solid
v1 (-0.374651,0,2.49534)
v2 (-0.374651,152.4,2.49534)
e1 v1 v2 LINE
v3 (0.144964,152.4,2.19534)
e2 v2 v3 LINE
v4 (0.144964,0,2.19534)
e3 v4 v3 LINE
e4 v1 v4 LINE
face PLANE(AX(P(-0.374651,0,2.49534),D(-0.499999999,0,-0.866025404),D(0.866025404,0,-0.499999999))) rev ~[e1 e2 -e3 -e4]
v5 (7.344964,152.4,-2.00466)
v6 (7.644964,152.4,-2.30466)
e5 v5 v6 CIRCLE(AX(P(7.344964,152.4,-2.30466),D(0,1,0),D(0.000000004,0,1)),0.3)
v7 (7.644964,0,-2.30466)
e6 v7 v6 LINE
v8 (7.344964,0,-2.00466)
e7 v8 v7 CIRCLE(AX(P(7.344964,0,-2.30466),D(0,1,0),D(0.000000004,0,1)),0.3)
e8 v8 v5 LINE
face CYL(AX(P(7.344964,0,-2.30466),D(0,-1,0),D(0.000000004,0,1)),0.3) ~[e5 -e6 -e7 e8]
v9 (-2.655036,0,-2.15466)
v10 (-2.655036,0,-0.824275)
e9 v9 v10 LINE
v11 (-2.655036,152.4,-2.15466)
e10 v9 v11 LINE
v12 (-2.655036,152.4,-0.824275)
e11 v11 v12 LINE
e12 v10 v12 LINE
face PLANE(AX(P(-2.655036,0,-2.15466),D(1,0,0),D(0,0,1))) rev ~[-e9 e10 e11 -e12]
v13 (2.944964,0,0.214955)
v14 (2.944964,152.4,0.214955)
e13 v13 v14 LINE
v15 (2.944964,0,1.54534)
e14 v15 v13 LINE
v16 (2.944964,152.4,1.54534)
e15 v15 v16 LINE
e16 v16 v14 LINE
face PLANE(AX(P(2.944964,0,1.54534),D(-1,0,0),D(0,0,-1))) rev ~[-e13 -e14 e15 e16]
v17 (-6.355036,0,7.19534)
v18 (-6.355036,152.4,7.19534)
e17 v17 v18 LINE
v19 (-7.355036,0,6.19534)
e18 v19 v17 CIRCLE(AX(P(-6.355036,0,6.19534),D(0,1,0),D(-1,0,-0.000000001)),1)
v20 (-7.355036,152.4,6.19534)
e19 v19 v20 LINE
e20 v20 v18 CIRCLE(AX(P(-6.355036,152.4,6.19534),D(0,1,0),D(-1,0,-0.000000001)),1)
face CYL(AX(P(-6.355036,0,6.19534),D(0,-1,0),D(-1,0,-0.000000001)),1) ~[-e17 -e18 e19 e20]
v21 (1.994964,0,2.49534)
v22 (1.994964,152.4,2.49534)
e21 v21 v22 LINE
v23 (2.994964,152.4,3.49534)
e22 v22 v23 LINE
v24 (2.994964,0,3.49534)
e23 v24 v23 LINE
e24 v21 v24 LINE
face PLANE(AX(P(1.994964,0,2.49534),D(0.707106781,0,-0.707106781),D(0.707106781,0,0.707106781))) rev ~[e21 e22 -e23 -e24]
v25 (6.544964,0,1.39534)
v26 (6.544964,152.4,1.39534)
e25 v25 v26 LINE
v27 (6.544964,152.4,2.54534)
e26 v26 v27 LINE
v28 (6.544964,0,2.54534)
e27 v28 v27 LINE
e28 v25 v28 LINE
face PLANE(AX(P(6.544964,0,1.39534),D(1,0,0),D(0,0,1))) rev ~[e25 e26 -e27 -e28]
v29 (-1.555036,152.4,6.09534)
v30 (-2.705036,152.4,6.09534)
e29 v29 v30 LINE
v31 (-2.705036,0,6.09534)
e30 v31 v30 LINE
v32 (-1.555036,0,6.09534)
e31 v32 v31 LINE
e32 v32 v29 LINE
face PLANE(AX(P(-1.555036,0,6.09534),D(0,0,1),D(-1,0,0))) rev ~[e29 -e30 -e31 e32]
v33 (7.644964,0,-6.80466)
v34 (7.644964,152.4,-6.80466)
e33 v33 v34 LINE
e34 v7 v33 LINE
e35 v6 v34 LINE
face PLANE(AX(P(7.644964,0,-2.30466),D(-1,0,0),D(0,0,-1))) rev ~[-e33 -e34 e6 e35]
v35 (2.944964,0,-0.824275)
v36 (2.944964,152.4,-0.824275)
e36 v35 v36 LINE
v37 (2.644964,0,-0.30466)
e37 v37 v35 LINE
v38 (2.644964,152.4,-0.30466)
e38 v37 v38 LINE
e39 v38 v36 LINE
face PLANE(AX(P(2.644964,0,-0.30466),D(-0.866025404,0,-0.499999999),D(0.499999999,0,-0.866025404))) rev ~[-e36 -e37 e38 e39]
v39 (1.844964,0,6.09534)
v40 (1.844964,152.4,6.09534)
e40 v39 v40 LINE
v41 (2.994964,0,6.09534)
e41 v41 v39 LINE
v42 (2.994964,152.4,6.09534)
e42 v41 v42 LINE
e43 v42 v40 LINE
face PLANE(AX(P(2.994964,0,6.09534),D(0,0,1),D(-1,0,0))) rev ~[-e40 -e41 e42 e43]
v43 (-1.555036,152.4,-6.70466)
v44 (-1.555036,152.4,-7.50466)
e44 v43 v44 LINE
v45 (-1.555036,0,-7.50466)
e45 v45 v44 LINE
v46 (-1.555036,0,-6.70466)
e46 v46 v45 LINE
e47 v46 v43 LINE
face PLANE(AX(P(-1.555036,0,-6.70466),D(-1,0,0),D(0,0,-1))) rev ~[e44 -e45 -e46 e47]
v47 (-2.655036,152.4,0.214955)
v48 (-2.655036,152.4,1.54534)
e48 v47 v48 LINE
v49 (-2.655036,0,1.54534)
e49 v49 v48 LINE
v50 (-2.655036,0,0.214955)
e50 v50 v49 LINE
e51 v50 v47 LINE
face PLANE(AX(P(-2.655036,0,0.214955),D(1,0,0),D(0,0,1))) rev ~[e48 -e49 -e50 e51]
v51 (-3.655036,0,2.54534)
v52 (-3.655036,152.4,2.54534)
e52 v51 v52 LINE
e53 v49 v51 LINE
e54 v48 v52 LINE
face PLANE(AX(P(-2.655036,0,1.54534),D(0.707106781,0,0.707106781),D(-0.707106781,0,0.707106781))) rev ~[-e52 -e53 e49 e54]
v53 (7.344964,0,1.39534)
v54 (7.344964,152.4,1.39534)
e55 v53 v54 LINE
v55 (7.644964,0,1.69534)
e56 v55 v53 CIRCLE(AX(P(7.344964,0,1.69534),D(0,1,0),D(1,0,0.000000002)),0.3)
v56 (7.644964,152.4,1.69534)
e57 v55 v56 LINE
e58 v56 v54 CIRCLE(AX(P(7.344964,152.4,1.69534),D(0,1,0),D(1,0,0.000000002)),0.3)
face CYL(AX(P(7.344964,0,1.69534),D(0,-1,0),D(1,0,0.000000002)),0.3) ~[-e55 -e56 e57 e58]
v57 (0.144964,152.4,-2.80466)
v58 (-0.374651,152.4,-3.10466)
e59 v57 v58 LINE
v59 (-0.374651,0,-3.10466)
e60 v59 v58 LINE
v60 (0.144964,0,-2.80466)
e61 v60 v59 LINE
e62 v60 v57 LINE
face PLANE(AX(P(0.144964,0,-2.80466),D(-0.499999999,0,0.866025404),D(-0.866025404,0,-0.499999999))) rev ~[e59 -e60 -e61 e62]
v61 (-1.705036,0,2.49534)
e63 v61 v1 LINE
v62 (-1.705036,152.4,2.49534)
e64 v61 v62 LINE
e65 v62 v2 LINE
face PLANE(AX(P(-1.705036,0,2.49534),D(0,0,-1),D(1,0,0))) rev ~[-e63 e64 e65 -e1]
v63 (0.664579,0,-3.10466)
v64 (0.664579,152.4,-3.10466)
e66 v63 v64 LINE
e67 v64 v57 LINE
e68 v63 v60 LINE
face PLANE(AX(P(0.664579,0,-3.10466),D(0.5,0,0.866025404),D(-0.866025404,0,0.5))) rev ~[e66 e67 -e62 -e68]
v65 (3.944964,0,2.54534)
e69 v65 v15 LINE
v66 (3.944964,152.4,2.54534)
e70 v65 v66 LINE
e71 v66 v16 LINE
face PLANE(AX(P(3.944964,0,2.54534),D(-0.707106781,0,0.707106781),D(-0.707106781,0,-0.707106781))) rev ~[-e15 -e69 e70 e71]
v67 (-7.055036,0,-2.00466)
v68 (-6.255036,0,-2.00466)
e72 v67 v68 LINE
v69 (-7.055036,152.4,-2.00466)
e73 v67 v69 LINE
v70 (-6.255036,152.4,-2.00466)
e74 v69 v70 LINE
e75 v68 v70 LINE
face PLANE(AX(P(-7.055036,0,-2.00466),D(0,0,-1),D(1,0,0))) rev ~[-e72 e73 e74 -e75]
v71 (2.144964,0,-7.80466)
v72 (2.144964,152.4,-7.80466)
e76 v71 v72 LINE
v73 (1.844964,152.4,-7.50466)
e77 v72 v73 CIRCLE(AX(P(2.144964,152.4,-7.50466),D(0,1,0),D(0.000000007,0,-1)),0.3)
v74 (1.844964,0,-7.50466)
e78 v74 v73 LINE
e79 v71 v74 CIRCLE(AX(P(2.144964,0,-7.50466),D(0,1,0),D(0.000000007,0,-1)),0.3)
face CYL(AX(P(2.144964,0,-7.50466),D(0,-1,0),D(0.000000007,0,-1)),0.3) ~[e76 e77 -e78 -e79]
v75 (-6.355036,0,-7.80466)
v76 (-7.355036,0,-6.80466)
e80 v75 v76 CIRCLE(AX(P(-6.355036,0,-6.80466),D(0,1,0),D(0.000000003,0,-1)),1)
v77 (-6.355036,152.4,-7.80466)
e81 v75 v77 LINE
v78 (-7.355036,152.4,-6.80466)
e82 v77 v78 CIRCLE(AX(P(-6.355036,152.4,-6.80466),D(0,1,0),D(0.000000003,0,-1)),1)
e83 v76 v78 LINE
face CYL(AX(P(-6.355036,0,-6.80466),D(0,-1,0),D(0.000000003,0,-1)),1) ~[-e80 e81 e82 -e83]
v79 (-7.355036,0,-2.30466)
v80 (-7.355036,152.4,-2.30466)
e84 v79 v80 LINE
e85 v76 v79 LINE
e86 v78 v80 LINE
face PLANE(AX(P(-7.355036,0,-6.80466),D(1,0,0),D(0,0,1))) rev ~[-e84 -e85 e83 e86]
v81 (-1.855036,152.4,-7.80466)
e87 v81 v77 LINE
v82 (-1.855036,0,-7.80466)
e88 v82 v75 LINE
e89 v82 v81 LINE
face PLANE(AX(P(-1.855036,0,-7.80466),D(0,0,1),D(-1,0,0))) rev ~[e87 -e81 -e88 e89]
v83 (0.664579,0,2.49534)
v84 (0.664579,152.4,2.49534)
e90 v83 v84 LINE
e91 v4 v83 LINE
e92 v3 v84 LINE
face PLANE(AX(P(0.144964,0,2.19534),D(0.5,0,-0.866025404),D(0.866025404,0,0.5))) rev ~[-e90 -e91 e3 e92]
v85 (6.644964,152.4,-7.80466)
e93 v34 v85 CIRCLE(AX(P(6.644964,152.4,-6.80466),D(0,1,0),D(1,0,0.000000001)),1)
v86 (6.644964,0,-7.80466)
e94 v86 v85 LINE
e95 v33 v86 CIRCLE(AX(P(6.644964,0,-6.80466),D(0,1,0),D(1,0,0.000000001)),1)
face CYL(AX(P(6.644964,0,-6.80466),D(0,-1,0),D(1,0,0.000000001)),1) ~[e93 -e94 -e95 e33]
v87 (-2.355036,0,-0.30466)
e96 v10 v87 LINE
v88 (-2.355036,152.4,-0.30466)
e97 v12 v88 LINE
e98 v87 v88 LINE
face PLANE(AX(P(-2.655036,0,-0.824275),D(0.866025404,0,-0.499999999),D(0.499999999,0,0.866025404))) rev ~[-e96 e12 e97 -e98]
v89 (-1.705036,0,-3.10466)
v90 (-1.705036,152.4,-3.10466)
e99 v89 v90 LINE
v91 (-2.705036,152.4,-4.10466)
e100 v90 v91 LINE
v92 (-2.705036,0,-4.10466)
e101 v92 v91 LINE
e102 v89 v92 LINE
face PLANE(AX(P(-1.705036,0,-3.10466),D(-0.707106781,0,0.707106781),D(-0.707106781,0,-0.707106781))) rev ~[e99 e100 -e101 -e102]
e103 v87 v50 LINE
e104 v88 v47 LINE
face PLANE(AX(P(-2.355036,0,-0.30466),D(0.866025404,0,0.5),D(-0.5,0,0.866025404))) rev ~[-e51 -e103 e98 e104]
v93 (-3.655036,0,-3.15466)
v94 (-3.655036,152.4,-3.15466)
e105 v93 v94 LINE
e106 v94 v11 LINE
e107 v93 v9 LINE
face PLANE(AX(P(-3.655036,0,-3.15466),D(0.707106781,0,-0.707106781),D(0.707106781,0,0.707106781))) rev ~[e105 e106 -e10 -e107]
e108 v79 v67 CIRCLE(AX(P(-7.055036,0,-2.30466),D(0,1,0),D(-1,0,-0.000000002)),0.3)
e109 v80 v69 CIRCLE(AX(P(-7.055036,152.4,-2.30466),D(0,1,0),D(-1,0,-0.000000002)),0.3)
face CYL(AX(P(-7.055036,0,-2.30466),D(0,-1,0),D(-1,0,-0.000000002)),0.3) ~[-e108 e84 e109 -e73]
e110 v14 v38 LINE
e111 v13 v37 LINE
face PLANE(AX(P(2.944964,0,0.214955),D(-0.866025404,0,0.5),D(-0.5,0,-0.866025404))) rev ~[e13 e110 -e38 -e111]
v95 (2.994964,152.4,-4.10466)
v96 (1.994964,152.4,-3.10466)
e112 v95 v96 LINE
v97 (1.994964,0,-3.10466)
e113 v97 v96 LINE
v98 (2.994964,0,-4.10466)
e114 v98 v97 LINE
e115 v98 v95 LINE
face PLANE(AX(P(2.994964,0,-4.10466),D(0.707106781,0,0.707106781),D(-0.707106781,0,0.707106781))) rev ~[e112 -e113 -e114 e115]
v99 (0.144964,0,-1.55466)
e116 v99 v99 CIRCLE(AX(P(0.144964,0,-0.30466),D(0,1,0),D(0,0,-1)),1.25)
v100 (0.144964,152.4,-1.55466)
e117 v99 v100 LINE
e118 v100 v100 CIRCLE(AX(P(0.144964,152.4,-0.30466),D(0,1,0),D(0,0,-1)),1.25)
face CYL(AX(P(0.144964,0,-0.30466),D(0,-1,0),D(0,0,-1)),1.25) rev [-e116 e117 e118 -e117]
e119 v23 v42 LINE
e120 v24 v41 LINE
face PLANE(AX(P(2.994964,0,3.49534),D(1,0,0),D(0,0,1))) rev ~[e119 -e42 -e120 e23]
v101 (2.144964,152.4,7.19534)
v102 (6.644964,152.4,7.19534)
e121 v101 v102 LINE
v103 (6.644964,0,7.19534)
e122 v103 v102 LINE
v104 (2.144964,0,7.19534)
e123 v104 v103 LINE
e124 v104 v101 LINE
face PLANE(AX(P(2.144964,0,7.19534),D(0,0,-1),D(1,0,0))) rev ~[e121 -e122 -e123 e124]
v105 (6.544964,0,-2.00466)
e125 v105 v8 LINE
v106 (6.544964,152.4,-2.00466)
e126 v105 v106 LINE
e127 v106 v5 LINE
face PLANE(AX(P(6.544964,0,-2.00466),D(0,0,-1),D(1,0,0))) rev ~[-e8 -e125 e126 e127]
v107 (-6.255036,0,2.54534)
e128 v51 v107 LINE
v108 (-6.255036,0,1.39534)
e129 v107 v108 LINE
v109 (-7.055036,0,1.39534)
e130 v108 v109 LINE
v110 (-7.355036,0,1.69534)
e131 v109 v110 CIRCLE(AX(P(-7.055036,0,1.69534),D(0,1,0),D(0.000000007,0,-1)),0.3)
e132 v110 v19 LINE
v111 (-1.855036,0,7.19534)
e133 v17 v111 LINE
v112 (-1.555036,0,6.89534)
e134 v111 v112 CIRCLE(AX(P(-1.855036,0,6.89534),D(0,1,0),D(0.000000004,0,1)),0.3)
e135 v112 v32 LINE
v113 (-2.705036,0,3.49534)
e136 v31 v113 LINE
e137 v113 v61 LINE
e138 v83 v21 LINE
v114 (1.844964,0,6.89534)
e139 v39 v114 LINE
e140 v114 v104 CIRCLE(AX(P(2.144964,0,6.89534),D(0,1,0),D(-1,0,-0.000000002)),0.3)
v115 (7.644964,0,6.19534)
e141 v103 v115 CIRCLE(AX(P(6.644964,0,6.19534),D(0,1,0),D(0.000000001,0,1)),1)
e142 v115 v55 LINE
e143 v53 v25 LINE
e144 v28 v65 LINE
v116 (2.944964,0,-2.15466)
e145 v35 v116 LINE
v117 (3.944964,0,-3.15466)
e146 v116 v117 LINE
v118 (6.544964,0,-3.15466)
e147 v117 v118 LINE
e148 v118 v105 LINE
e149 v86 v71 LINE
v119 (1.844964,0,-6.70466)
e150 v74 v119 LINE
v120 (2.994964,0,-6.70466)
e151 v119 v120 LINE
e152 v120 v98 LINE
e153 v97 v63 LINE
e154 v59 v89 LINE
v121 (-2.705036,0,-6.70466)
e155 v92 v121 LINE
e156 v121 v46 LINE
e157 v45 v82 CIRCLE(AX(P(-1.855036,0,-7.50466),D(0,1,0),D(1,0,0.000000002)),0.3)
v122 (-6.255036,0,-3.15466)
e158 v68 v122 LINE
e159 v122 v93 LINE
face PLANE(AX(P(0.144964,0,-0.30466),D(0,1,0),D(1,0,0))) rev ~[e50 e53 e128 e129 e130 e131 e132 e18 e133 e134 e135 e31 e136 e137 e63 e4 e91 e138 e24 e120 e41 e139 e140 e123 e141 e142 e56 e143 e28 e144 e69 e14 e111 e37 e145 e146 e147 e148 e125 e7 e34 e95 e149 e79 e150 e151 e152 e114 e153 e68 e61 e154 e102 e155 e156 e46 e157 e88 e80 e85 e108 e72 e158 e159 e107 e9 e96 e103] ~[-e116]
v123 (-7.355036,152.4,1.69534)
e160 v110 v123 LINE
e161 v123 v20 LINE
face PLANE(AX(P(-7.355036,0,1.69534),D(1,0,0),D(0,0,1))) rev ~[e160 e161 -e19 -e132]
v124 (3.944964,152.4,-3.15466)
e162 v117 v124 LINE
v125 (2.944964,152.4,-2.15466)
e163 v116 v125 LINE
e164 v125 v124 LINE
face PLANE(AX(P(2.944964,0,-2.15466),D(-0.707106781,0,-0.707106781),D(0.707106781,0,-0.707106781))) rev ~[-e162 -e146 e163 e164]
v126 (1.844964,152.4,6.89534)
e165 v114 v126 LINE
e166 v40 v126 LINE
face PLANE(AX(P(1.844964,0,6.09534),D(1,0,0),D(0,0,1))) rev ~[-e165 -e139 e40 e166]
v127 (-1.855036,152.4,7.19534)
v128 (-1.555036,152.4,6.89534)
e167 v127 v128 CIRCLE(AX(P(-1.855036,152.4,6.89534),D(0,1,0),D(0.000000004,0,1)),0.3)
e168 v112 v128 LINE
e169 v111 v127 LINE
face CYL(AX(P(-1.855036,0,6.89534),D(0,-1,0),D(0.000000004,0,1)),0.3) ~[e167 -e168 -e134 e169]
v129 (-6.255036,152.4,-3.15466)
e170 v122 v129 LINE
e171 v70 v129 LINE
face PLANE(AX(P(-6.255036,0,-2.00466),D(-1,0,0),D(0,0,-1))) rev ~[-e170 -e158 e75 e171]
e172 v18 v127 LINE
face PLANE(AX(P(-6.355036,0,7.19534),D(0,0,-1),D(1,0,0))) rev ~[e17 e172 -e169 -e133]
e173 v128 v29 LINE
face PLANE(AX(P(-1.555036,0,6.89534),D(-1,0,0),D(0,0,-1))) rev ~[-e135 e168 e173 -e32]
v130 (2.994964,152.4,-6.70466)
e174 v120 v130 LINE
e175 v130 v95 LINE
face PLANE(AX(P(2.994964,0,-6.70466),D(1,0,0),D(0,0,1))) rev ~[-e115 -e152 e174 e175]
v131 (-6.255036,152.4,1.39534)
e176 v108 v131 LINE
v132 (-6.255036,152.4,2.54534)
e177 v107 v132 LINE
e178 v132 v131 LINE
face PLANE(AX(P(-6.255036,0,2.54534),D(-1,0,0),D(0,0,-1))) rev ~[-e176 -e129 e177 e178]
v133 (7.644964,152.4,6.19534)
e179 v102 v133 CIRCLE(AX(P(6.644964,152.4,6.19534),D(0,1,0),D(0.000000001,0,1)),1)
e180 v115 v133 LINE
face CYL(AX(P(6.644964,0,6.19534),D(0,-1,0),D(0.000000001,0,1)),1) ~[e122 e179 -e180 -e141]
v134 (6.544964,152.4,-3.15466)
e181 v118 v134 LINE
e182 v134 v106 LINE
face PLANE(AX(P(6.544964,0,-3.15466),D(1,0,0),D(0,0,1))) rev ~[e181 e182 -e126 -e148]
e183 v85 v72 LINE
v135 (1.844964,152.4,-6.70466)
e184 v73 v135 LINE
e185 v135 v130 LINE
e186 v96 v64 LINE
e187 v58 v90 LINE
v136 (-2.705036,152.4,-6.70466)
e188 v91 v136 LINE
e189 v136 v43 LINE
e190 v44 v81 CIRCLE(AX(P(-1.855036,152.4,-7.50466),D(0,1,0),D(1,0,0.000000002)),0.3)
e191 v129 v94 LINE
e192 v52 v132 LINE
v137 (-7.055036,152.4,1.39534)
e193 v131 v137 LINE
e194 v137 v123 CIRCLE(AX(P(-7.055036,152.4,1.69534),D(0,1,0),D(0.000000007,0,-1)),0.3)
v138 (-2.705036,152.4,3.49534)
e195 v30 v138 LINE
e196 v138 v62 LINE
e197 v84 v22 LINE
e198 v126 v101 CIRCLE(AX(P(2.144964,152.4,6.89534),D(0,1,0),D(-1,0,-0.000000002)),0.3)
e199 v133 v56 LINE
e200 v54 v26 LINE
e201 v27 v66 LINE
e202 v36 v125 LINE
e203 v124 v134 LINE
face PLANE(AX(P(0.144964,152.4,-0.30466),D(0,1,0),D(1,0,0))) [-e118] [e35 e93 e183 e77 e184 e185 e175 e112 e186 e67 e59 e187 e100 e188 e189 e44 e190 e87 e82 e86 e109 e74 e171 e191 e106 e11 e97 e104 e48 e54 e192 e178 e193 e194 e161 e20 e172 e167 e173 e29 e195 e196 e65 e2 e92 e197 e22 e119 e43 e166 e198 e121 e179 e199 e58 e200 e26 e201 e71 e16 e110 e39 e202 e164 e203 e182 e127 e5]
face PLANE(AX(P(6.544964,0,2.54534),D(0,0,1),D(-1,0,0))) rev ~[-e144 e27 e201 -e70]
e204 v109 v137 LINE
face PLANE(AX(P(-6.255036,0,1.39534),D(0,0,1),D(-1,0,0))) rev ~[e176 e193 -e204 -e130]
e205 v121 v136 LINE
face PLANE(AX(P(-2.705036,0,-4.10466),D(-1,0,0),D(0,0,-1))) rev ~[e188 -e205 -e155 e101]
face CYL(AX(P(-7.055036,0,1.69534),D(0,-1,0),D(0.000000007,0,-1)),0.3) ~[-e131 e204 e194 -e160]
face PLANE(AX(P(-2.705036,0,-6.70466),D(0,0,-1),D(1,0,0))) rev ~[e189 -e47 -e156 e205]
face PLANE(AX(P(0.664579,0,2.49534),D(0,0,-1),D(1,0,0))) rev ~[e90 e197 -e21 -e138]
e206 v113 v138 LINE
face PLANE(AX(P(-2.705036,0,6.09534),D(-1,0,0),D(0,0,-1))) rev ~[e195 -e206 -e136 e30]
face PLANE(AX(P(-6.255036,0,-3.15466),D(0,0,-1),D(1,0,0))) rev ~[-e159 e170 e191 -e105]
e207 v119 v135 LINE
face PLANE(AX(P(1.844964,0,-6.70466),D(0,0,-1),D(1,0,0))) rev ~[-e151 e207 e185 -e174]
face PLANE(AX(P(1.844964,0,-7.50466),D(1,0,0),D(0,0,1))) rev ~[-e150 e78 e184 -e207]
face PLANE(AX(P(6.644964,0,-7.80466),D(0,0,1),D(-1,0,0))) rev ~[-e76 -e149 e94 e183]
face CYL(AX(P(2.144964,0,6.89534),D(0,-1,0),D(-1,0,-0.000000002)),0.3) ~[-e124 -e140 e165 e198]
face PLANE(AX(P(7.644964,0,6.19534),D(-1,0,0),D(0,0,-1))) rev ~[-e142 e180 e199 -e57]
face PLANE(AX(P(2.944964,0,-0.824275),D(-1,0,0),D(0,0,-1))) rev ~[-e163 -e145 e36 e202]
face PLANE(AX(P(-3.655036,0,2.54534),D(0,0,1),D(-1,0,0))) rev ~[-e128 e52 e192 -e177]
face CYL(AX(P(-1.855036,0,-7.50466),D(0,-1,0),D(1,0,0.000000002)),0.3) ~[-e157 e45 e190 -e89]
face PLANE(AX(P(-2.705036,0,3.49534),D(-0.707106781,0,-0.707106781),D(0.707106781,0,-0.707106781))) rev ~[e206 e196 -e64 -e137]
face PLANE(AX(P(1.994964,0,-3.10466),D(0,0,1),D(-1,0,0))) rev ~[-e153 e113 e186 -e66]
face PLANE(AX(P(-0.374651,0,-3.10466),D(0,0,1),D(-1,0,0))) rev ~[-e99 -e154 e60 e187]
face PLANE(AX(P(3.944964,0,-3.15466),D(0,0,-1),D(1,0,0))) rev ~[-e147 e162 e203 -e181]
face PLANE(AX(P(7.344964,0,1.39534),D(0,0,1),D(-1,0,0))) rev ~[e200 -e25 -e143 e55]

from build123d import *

# Parameters (mm, degrees)
SKETCH1_R           = 1.25
BOSS_EXTRUDE1_DEPTH = 152.4


with BuildPart() as part:
    # Sketch1 → Boss-Extrude1 (new body)
    with BuildSketch(Plane(origin=(0, 0, 0), x_dir=(1, 0, 0), z_dir=(0, 1, 0))):
        with BuildLine():
            Line((-7.055036042, 2.004660127), (-6.255036042, 2.004660127))
            Line((-6.255036042, 2.004660127), (-6.255036042, 3.154660127))
            Line((-6.255036042, 3.154660127), (-3.655036042, 3.154660127))
            Line((-3.655036042, 3.154660127), (-2.655036042, 2.154660127))
            Line((-2.655036042, 2.154660127), (-2.655036042, 0.82427537))
            Line((-2.655036042, 0.82427537), (-2.355036042, 0.304660127))
            Line((-2.355036042, 0.304660127), (-2.655036042, -0.214955115))
            Line((-2.655036042, -0.214955115), (-2.655036042, -1.545339873))
            Line((-2.655036042, -1.545339873), (-3.655036042, -2.545339873))
            Line((-3.655036042, -2.545339873), (-6.255036042, -2.545339873))
            Line((-6.255036042, -2.545339873), (-6.255036042, -1.395339873))
            Line((-6.255036042, -1.395339873), (-7.055036042, -1.395339873))
            ThreePointArc((-7.055036042, -1.395339873), (-7.267168077, -1.483207838), (-7.355036042, -1.695339873))
            Line((-7.355036042, -1.695339873), (-7.355036042, -6.195339873))
            ThreePointArc((-7.355036042, -6.195339873), (-7.062142824, -6.902446654), (-6.355036042, -7.195339873))
            Line((-6.355036042, -7.195339873), (-1.855036042, -7.195339873))
            ThreePointArc((-1.855036042, -7.195339873), (-1.642904008, -7.107471907), (-1.555036042, -6.895339873))
            Line((-1.555036042, -6.895339873), (-1.555036042, -6.095339873))
            Line((-1.555036042, -6.095339873), (-2.705036042, -6.095339873))
            Line((-2.705036042, -6.095339873), (-2.705036042, -3.495339873))
            Line((-2.705036042, -3.495339873), (-1.705036042, -2.495339873))
            Line((-1.705036042, -2.495339873), (-0.374651285, -2.495339873))
            Line((-0.374651285, -2.495339873), (0.144963958, -2.195339873))
            Line((0.144963958, -2.195339873), (0.6645792, -2.495339873))
            Line((0.6645792, -2.495339873), (1.994963958, -2.495339873))
            Line((1.994963958, -2.495339873), (2.994963958, -3.495339873))
            Line((2.994963958, -3.495339873), (2.994963958, -6.095339873))
            Line((2.994963958, -6.095339873), (1.844963958, -6.095339873))
            Line((1.844963958, -6.095339873), (1.844963958, -6.895339873))
            ThreePointArc((1.844963958, -6.895339873), (1.932831923, -7.107471907), (2.144963958, -7.195339873))
            Line((2.144963958, -7.195339873), (6.644963958, -7.195339873))
            ThreePointArc((6.644963958, -7.195339873), (7.352070739, -6.902446654), (7.644963958, -6.195339873))
            Line((7.644963958, -6.195339873), (7.644963958, -1.695339873))
            ThreePointArc((7.644963958, -1.695339873), (7.557095992, -1.483207838), (7.344963958, -1.395339873))
            Line((7.344963958, -1.395339873), (6.544963958, -1.395339873))
            Line((6.544963958, -1.395339873), (6.544963958, -2.545339873))
            Line((6.544963958, -2.545339873), (3.944963958, -2.545339873))
            Line((3.944963958, -2.545339873), (2.944963958, -1.545339873))
            Line((2.944963958, -1.545339873), (2.944963958, -0.214955115))
            Line((2.944963958, -0.214955115), (2.644963958, 0.304660127))
            Line((2.644963958, 0.304660127), (2.944963958, 0.82427537))
            Line((2.944963958, 0.82427537), (2.944963958, 2.154660127))
            Line((2.944963958, 2.154660127), (3.944963958, 3.154660127))
            Line((3.944963958, 3.154660127), (6.544963958, 3.154660127))
            Line((6.544963958, 3.154660127), (6.544963958, 2.004660127))
            Line((6.544963958, 2.004660127), (7.344963958, 2.004660127))
            ThreePointArc((7.344963958, 2.004660127), (7.557095992, 2.092528093), (7.644963958, 2.304660127))
            Line((7.644963958, 2.304660127), (7.644963958, 6.804660127))
            ThreePointArc((7.644963958, 6.804660127), (7.352070739, 7.511766909), (6.644963958, 7.804660127))
            Line((6.644963958, 7.804660127), (2.144963958, 7.804660127))
            ThreePointArc((2.144963958, 7.804660127), (1.932831923, 7.716792162), (1.844963958, 7.504660127))
            Line((1.844963958, 7.504660127), (1.844963958, 6.704660127))
            Line((1.844963958, 6.704660127), (2.994963958, 6.704660127))
            Line((2.994963958, 6.704660127), (2.994963958, 4.104660127))
            Line((2.994963958, 4.104660127), (1.994963958, 3.104660127))
            Line((1.994963958, 3.104660127), (0.6645792, 3.104660127))
            Line((0.6645792, 3.104660127), (0.144963958, 2.804660127))
            Line((0.144963958, 2.804660127), (-0.374651285, 3.104660127))
            Line((-0.374651285, 3.104660127), (-1.705036042, 3.104660127))
            Line((-1.705036042, 3.104660127), (-2.705036042, 4.104660127))
            Line((-2.705036042, 4.104660127), (-2.705036042, 6.704660127))
            Line((-2.705036042, 6.704660127), (-1.555036042, 6.704660127))
            Line((-1.555036042, 6.704660127), (-1.555036042, 7.504660127))
            ThreePointArc((-1.555036042, 7.504660127), (-1.642904008, 7.716792162), (-1.855036042, 7.804660127))
            Line((-1.855036042, 7.804660127), (-6.355036042, 7.804660127))
            ThreePointArc((-6.355036042, 7.804660127), (-7.062142824, 7.511766909), (-7.355036042, 6.804660127))
            Line((-7.355036042, 6.804660127), (-7.355036042, 2.304660127))
            ThreePointArc((-7.355036042, 2.304660127), (-7.267168077, 2.092528093), (-7.055036042, 2.004660127))
        make_face()
        with Locations(Location((0.144963958, 0.304660127, 0), (0, 0, 90))):
            Circle(SKETCH1_R, mode=Mode.SUBTRACT)
    extrude(amount=BOSS_EXTRUDE1_DEPTH)


solid = part.part
